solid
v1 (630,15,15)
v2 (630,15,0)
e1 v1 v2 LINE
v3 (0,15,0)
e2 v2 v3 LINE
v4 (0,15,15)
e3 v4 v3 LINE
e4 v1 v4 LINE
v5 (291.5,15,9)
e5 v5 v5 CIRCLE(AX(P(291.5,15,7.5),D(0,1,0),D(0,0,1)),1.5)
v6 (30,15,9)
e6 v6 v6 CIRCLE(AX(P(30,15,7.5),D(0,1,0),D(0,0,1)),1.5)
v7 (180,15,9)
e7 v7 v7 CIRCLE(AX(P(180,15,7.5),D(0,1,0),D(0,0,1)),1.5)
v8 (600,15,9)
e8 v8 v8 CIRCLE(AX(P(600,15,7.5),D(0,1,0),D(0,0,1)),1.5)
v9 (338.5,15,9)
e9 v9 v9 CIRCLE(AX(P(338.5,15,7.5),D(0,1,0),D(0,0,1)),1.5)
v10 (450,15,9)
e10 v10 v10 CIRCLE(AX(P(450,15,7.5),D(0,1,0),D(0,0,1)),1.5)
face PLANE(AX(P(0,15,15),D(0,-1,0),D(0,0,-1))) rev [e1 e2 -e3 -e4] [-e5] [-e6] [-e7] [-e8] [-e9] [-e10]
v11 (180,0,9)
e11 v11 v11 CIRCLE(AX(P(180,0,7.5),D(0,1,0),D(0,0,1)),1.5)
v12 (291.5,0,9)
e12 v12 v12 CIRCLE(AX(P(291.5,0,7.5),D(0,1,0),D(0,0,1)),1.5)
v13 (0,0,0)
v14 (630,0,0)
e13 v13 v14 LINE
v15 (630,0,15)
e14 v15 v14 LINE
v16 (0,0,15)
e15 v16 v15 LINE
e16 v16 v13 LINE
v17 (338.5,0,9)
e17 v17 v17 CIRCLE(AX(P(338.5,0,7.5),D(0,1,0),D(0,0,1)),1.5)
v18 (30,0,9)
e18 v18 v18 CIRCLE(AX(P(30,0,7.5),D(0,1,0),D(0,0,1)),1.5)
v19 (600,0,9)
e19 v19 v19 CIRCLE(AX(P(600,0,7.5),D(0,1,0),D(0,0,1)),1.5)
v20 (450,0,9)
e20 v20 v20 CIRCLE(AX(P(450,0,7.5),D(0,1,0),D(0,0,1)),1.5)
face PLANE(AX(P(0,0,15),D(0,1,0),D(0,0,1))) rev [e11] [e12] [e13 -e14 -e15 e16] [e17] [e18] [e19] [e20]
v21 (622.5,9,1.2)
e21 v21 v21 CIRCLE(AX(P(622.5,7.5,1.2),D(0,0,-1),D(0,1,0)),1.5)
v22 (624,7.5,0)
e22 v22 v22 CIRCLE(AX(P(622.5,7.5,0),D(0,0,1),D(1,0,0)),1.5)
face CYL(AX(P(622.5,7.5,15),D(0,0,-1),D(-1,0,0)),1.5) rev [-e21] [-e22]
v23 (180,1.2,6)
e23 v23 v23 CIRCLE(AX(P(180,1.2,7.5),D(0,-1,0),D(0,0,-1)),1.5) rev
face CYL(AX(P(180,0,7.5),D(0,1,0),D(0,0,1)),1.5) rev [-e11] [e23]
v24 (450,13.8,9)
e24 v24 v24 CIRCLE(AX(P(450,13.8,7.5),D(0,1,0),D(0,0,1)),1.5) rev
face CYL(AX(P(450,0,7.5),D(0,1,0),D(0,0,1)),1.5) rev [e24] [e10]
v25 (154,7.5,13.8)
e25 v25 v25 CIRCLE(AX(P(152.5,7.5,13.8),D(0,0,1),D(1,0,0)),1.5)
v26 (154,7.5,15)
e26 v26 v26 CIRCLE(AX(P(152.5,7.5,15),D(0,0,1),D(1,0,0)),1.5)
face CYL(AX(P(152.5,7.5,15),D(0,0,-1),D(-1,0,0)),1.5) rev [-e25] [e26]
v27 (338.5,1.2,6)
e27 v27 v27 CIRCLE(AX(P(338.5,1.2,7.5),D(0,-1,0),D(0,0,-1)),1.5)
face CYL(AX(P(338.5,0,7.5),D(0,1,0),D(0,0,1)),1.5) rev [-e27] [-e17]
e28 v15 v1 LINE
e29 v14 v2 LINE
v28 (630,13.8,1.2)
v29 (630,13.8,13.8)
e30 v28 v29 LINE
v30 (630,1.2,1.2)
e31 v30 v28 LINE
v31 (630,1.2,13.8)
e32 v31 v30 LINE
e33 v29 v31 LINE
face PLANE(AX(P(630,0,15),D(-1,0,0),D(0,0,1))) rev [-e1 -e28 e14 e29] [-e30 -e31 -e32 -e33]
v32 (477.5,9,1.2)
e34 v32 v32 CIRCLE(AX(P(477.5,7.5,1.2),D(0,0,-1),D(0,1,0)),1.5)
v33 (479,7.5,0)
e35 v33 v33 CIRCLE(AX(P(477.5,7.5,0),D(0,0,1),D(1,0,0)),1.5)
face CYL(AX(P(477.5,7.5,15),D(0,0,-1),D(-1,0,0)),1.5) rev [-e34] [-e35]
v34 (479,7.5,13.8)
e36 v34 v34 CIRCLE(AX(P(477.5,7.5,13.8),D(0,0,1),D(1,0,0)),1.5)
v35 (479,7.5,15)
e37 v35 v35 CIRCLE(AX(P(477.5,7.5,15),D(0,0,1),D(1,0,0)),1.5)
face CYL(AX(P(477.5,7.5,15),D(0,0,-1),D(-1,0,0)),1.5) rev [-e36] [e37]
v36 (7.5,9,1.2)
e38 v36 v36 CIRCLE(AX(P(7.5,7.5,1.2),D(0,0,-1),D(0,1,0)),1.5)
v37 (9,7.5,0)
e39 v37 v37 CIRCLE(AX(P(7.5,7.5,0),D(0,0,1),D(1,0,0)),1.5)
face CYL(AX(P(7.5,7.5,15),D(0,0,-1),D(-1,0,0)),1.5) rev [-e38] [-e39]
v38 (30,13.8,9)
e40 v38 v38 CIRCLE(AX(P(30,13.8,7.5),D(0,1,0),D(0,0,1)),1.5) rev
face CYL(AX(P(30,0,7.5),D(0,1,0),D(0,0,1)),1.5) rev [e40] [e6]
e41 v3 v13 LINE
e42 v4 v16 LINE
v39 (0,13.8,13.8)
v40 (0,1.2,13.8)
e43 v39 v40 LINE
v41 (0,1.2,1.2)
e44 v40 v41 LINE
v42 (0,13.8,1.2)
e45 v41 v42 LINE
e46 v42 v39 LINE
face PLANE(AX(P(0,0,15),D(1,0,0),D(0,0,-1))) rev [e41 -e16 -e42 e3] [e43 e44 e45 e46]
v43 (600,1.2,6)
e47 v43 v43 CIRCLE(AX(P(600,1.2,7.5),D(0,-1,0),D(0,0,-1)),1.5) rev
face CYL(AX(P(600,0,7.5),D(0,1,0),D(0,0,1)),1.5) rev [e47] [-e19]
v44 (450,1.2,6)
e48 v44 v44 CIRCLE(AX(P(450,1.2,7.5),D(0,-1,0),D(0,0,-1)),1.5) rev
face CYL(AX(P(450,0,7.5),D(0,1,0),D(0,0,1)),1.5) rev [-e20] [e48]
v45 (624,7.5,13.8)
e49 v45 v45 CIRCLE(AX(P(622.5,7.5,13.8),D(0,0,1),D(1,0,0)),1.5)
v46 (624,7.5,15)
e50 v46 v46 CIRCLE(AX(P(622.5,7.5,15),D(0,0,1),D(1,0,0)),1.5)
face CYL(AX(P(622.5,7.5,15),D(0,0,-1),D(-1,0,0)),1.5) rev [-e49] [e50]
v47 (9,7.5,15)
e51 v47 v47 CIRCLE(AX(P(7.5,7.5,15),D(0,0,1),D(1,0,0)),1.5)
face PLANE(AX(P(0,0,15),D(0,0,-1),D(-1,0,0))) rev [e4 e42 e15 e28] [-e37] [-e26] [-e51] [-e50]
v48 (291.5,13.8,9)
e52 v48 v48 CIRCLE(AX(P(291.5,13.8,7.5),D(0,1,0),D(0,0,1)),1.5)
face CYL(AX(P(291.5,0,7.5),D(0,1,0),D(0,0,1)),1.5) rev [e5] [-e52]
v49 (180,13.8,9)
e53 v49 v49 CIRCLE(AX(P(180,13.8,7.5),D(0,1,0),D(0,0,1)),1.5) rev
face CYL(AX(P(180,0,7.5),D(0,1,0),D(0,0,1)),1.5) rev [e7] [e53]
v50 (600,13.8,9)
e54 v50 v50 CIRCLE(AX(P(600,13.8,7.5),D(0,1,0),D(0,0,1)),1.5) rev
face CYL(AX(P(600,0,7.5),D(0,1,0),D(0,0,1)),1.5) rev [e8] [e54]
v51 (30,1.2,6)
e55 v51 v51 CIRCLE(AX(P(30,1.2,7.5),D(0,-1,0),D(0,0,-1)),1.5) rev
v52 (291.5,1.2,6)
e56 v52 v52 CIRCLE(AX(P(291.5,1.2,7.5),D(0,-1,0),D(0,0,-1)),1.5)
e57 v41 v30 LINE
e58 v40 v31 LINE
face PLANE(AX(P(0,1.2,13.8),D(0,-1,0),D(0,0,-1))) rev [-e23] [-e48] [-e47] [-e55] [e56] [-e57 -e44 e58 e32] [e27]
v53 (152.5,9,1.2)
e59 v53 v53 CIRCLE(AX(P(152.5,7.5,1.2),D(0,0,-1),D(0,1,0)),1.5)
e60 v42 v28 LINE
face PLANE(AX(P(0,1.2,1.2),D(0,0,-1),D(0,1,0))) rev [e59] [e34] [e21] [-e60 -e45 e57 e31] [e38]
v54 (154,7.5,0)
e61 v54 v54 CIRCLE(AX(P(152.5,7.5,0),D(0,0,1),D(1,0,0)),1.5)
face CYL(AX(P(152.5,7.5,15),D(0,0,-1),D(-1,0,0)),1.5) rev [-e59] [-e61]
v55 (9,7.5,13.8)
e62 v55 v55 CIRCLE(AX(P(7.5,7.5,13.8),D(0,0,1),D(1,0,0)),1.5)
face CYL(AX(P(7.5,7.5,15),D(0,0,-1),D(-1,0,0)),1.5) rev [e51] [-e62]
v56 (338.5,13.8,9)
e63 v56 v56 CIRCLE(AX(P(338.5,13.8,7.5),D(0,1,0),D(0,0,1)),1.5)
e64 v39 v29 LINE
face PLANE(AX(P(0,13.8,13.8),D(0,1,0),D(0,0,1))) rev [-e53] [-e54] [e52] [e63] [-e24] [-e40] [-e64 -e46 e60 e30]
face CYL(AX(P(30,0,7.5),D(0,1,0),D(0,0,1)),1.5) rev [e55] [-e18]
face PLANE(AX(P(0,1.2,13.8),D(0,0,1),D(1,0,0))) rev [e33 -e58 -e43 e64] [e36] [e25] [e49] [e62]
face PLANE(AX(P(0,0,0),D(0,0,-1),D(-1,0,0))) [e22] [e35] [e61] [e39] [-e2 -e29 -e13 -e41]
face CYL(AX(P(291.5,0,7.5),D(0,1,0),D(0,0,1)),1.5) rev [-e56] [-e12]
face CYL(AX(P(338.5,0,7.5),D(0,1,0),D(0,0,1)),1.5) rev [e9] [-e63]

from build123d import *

# Parameters (mm, degrees)
SKETCH_1_W          = 630
SKETCH_1_H          = 15
SKETCH_1_R          = 1.5
EXTRUDE_1_DEPTH     = 15
SKETCH_3_R          = 1.5
CUT_EXTRUDE_1_DEPTH = 631.357041684
SKETCH_4_W          = 12.6
SKETCH_4_H          = 12.6
CUT_EXTRUDE_2_DEPTH = 631.357041684
SKETCH_5_R          = 1.5
CUT_EXTRUDE_3_DEPTH = 631.357041684


with BuildPart() as part:
    # ｽｹｯﾁ1 → ﾎﾞｽ - 押し出し1 (new body)
    with BuildSketch(Plane.XY):
        with Locations((315, 7.5)):
            Rectangle(SKETCH_1_W, SKETCH_1_H)
        with Locations((7.5, 7.5)):
            Circle(SKETCH_1_R, mode=Mode.SUBTRACT)
        with Locations((622.5, 7.5)):
            Circle(SKETCH_1_R, mode=Mode.SUBTRACT)
        with Locations((152.5, 7.5)):
            Circle(SKETCH_1_R, mode=Mode.SUBTRACT)
        with Locations((477.5, 7.5)):
            Circle(SKETCH_1_R, mode=Mode.SUBTRACT)
    extrude(amount=EXTRUDE_1_DEPTH)

    # ｽｹｯﾁ3 → ｶｯﾄ - 押し出し1 (cut, through all)
    with BuildSketch(Plane(origin=(0, 15, 0), x_dir=(1, 0, 0), z_dir=(0, 1, 0))):
        with Locations(Location((30, -7.5, 0), (0, 0, 270))):
            Circle(SKETCH_3_R)
        with Locations(Location((600, -7.5, 0), (0, 0, 270))):
            Circle(SKETCH_3_R)
        with Locations(Location((180, -7.5, 0), (0, 0, 270))):
            Circle(SKETCH_3_R)
        with Locations(Location((450, -7.5, 0), (0, 0, 270))):
            Circle(SKETCH_3_R)
    extrude(amount=-CUT_EXTRUDE_1_DEPTH, mode=Mode.SUBTRACT)

    # ｽｹｯﾁ4 → ｶｯﾄ - 押し出し2 (cut, through all)
    with BuildSketch(Plane(origin=(630, 0, 0), x_dir=(0, 0, -1), z_dir=(1, 0, 0))):
        with Locations((-7.5, 7.5)):
            Rectangle(SKETCH_4_W, SKETCH_4_H)
    extrude(amount=-CUT_EXTRUDE_2_DEPTH, mode=Mode.SUBTRACT)

    # ｽｹｯﾁ5 → ｶｯﾄ - 押し出し3 (cut, through all)
    with BuildSketch(Plane(origin=(0, 15, 0), x_dir=(1, 0, 0), z_dir=(0, 1, 0))):
        with Locations(Location((291.5, -7.5, 0), (0, 0, 270))):
            Circle(SKETCH_5_R)
        with Locations(Location((338.5, -7.5, 0), (0, 0, 270))):
            Circle(SKETCH_5_R)
    extrude(amount=-CUT_EXTRUDE_3_DEPTH, mode=Mode.SUBTRACT)


solid = part.part
